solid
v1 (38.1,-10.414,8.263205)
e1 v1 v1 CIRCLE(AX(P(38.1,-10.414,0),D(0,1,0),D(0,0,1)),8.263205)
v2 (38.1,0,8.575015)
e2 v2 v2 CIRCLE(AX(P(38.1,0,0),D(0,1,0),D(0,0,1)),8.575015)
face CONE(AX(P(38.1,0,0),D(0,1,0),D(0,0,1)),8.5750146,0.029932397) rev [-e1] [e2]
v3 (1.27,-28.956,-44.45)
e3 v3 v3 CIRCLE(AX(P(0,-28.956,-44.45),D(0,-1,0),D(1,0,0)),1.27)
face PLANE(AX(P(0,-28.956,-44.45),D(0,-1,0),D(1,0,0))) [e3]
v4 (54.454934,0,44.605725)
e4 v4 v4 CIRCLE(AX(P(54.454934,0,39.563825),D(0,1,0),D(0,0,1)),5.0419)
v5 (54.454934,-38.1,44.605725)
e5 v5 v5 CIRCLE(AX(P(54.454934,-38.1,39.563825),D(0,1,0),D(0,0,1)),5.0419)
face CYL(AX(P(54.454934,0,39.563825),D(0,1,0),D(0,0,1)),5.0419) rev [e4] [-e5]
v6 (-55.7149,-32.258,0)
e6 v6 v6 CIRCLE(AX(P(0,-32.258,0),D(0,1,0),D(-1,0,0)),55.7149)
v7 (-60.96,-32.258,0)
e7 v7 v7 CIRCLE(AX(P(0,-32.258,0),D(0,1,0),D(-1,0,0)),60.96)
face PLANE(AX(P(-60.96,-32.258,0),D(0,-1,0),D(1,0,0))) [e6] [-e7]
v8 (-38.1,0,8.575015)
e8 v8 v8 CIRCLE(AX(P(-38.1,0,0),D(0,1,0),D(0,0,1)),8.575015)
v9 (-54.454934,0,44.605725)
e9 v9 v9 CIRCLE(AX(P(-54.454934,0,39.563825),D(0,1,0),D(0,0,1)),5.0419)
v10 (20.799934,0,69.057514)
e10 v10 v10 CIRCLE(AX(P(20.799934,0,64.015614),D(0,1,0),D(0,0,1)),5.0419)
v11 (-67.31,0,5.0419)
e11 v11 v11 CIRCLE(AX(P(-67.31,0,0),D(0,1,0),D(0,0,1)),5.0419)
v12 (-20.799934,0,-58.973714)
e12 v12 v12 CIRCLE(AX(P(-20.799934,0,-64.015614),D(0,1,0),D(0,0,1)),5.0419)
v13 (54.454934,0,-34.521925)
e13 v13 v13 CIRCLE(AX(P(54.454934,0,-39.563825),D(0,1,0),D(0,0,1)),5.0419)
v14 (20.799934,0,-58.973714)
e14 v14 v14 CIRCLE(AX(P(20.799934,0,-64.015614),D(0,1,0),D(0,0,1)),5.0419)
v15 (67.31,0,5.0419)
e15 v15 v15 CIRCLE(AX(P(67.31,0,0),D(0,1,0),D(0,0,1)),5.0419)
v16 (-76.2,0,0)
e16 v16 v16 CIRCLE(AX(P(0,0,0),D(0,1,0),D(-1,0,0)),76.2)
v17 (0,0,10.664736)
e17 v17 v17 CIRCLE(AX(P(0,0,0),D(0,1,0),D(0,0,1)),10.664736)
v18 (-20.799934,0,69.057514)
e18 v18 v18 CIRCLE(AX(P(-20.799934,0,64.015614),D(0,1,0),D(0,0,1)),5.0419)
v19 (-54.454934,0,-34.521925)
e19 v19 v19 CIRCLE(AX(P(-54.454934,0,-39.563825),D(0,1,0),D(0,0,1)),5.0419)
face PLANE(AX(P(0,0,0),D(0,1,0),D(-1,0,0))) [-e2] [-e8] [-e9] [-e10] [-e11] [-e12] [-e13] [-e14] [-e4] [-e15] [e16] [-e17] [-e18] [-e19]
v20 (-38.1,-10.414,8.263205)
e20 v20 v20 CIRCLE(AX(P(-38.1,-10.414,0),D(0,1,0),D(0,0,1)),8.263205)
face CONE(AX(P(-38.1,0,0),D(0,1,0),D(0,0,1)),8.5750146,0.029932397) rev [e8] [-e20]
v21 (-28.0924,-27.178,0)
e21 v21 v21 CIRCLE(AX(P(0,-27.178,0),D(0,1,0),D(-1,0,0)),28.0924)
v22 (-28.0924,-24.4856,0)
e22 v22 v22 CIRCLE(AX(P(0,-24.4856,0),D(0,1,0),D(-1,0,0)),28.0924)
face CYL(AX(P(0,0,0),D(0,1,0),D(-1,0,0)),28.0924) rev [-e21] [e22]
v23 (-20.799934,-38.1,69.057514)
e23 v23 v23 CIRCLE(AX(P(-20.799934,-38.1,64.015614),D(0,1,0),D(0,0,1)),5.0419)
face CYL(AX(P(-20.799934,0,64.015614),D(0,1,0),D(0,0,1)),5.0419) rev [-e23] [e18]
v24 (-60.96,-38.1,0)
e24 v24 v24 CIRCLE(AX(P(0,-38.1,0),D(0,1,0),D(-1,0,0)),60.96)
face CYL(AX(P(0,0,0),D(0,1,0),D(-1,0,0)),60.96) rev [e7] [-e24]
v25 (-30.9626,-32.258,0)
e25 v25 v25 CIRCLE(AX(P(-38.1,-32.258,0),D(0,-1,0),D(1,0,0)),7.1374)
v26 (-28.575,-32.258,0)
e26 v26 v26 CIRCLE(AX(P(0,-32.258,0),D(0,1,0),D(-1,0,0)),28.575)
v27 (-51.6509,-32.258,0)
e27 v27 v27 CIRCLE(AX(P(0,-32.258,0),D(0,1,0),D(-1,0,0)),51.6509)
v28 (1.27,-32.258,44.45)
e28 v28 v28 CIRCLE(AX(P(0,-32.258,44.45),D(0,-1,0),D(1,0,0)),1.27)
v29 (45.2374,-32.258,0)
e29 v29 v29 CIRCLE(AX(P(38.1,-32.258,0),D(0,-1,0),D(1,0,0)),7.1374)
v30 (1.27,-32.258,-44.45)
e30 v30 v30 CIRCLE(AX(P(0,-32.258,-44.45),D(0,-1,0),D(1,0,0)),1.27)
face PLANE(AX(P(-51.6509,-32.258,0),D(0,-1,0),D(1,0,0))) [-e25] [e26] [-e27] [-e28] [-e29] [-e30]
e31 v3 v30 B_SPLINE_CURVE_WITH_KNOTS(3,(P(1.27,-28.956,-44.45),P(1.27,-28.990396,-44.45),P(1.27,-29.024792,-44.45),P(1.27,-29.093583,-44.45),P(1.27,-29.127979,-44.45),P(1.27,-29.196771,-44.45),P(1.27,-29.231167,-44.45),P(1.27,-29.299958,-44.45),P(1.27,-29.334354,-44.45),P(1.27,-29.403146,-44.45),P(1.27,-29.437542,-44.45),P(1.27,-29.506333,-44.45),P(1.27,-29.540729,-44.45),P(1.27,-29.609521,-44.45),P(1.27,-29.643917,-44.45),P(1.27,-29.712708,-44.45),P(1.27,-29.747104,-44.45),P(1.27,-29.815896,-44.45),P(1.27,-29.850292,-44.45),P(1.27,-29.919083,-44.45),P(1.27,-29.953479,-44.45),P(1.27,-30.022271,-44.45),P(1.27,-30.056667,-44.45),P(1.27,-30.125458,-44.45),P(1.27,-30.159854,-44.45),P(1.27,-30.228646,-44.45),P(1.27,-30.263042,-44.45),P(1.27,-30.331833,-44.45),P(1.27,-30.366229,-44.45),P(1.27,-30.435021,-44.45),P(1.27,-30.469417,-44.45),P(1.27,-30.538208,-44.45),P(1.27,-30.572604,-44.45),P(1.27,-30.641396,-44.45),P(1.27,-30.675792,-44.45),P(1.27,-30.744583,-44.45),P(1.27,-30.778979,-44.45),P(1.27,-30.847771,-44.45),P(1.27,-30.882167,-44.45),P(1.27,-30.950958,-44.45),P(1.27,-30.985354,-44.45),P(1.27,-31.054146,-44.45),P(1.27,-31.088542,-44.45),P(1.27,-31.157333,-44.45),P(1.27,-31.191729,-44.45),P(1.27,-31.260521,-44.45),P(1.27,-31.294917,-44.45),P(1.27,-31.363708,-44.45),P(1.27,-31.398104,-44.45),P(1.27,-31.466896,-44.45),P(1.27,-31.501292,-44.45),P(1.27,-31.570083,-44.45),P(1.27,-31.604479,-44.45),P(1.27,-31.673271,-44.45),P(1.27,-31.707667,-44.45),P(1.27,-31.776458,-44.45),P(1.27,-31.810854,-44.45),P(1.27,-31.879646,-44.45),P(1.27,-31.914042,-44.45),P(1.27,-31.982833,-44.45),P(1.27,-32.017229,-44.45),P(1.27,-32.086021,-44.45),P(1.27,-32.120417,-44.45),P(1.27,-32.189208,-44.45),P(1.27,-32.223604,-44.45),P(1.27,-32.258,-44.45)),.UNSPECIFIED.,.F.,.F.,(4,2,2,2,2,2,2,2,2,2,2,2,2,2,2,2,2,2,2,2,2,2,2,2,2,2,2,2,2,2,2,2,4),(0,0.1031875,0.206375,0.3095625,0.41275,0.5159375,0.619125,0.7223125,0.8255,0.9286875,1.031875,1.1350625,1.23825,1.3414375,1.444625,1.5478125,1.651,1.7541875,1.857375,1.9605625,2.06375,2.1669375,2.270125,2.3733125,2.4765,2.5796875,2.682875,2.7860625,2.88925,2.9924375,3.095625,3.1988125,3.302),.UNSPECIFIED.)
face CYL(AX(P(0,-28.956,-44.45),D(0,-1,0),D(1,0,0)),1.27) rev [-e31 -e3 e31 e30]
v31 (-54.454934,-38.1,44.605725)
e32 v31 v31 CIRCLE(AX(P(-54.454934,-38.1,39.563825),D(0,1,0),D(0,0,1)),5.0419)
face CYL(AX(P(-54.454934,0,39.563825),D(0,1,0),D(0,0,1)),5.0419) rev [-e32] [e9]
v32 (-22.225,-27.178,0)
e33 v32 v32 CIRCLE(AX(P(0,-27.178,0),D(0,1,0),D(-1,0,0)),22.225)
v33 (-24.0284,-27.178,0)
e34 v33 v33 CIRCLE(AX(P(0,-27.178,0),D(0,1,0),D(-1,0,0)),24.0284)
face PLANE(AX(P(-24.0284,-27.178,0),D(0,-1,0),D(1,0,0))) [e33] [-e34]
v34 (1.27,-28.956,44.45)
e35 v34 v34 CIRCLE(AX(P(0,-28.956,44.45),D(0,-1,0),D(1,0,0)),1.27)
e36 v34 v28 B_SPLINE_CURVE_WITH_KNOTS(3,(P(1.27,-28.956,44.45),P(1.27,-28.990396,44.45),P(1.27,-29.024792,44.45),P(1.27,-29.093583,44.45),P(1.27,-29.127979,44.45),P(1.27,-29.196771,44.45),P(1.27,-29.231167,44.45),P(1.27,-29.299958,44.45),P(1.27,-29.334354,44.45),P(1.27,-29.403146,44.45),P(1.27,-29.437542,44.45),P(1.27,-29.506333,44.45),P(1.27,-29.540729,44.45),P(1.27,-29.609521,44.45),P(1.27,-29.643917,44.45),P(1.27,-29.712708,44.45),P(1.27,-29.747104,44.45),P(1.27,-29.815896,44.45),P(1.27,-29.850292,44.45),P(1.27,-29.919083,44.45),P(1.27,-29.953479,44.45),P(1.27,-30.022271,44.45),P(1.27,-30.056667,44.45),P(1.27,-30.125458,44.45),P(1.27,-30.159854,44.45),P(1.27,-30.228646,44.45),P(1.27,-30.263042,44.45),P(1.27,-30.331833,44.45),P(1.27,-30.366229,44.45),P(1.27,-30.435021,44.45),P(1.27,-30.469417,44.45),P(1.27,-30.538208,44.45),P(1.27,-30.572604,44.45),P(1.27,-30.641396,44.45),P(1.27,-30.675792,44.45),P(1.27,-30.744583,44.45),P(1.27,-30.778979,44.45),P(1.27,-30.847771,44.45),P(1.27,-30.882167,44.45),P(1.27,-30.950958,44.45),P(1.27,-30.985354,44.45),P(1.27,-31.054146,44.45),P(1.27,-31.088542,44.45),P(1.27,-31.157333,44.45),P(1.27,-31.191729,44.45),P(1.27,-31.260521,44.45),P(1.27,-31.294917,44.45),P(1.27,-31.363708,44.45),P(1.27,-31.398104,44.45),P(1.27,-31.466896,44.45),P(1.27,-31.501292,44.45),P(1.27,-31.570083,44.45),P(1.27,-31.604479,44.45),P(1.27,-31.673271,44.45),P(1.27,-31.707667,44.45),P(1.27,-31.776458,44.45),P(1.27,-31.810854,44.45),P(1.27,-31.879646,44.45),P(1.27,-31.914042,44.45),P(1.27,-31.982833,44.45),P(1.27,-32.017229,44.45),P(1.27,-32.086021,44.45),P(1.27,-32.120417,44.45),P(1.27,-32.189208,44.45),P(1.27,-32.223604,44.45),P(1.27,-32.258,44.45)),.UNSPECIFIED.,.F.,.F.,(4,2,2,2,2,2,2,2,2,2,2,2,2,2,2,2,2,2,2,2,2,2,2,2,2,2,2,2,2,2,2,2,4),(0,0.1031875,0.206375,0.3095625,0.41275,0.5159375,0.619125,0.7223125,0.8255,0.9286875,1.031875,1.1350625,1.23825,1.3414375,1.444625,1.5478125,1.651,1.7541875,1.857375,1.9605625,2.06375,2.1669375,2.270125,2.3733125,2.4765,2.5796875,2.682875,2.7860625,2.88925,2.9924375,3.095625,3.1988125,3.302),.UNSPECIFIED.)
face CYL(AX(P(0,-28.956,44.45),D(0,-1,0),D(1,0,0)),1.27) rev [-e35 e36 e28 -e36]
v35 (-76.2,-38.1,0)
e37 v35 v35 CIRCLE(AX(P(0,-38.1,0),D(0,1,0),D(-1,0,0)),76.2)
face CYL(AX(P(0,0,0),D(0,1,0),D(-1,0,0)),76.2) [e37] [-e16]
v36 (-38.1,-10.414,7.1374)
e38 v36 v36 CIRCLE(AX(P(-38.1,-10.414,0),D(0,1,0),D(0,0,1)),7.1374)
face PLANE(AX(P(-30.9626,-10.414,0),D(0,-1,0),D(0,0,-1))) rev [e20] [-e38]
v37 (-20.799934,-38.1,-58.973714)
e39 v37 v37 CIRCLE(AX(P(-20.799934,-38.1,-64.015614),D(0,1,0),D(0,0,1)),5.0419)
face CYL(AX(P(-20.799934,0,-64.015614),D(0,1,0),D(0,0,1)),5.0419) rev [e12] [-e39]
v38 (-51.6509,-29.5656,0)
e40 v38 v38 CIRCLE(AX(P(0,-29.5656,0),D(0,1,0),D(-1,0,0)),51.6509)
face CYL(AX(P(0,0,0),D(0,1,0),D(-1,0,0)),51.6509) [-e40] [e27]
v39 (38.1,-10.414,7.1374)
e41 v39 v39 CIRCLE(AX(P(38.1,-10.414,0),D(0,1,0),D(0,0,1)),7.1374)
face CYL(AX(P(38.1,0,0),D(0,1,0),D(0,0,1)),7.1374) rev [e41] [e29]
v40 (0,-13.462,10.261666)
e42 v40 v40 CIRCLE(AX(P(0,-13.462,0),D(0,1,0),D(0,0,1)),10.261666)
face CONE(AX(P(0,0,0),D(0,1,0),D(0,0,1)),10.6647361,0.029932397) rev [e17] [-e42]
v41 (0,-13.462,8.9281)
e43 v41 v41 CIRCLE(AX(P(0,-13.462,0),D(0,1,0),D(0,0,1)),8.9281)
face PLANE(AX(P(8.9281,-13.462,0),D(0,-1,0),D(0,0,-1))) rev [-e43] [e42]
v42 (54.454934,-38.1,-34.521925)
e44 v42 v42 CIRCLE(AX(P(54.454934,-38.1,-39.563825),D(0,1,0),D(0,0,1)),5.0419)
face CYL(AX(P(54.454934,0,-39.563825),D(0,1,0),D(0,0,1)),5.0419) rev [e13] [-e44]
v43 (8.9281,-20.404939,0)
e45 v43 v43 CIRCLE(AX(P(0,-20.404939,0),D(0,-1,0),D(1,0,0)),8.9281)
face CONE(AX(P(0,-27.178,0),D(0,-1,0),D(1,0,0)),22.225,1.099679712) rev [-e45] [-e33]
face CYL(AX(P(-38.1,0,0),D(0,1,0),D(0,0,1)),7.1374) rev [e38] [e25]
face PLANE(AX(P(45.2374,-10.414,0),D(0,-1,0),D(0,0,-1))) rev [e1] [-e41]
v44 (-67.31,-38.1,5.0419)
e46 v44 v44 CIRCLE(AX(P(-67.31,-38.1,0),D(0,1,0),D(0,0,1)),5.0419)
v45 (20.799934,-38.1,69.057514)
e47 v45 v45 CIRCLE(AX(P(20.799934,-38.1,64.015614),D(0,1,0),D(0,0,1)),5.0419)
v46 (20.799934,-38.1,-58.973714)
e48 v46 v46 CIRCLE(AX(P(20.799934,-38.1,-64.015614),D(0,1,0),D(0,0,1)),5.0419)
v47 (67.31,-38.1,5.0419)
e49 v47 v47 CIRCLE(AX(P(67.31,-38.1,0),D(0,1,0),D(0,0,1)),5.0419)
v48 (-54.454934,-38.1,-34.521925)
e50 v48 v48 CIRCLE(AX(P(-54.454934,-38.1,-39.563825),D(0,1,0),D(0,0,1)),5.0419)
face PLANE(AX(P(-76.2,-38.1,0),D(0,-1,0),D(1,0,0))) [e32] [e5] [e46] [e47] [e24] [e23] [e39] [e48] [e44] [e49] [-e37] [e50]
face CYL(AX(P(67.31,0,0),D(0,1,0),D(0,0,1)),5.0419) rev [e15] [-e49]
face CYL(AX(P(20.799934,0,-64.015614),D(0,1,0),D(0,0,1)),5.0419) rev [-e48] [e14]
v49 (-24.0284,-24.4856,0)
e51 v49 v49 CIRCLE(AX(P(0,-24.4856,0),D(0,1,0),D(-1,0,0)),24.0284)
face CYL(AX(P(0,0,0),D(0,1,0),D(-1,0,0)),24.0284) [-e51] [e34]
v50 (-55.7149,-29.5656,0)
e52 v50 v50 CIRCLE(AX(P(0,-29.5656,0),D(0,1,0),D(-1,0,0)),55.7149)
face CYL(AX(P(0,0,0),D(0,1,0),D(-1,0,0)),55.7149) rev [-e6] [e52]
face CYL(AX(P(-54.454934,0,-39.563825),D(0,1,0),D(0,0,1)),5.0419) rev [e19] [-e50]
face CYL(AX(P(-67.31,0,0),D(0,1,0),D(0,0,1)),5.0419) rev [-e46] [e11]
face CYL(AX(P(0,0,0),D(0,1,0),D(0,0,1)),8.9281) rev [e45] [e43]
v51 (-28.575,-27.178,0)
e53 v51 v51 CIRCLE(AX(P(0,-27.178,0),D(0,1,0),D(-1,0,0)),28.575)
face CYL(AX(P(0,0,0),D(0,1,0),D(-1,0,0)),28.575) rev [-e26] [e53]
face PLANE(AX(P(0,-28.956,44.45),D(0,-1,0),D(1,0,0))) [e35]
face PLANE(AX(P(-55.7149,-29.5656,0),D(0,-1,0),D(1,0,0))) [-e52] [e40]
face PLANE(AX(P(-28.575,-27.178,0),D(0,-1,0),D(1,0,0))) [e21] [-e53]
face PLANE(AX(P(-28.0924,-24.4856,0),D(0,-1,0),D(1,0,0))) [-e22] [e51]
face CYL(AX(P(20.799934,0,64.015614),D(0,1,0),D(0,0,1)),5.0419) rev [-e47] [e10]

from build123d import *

# Parameters (mm, degrees)
F_3_8_NPT_TAPPED_HOLE1_AT_2_COUNT = 2
F_3_8_NPT_TAPPED_HOLE1_AT_2_PITCH = 76.2
F_3_8_CLEARANCE_HOLE2_D           = 10.0838
CIRPATTERN1_COUNT                 = 10
SKETCH18_R                        = 1.27
CUT_EXTRUDE2_DEPTH                = 3.302


with BuildPart() as part:
    # Sketch1 → Revolve1 (revolve)
    with BuildSketch(Plane.XY):
        Polygon((0, 0), (-76.2, 0), (-76.2, -38.1), (-60.96, -38.1), (-60.96, -32.258), (-55.7149, -32.258), (-55.7149, -29.5656), (-51.6509, -29.5656), (-51.6509, -32.258), (-28.575, -32.258), (-28.575, -27.178), (-28.0924, -27.178), (-28.0924, -24.4856), (-24.0284, -24.4856), (-24.0284, -27.178), (-22.225, -27.178), (0, -15.85722), align=None)
    revolve(axis=Axis((0, 0, 0), (0, -1, 0)))

    # Sketch3 → 1/2 NPT Tapped Hole1 (revolve, cut)
    with BuildSketch(Plane(origin=(0, 0, 0), x_dir=(0, 0, 1), z_dir=(1, 0, 0))):
        Polygon((0, 0), (0, 38.1), (8.9281, 38.1), (8.9281, 13.462), (10.261665792, 13.462), (10.6647361, 0), align=None)
    revolve(axis=Axis((0, 6.35, 0), (0, -1, 0)), mode=Mode.SUBTRACT)

    # Sketch5 → 3/8 NPT Tapped Hole1 (revolve, cut)
    with BuildSketch(Plane(origin=(-38.1, 0, 0), x_dir=(0, 0, 1), z_dir=(1, 0, 0))):
        Polygon((0, 0), (0, 38.1), (7.1374, 38.1), (7.1374, 10.414), (8.263205494, 10.414), (8.5750146, 0), align=None)
    f_3_8_npt_tapped_hole1 = revolve(axis=Axis((-38.1, 6.35, 0), (0, -1, 0)), mode=Mode.SUBTRACT)

    # 3/8 NPT Tapped Hole1 at 2: 3/8 NPT Tapped Hole1 ×2
    with Locations(*[(i * F_3_8_NPT_TAPPED_HOLE1_AT_2_PITCH, 0, 0) for i in range(1, F_3_8_NPT_TAPPED_HOLE1_AT_2_COUNT)]):
        add(f_3_8_npt_tapped_hole1, mode=Mode.SUBTRACT)

    # 3/8 Clearance Hole2 (through all)
    with Locations(Plane(origin=(67.31, 0, 0), x_dir=(1, 0, 0), z_dir=(0, 1, 0))):
        with Locations((0, 0)):
            f_3_8_clearance_hole2 = Hole(F_3_8_CLEARANCE_HOLE2_D / 2)

    # CirPattern1: 3/8 Clearance Hole2 ×10 about axis
    cirpattern1_axis = Axis((0, 0, 0), (0, 1, 0))
    for i in range(1, CIRPATTERN1_COUNT):
        add(f_3_8_clearance_hole2.rotate(cirpattern1_axis, i * 360 / CIRPATTERN1_COUNT), mode=Mode.SUBTRACT)

    # Sketch18 → Cut-Extrude2 (cut)
    with BuildSketch(Plane.XZ.offset(32.258)):
        with Locations((0, 44.45)):
            Circle(SKETCH18_R)
        with Locations((0, -44.45)):
            Circle(SKETCH18_R)
    extrude(amount=-CUT_EXTRUDE2_DEPTH, mode=Mode.SUBTRACT)


solid = part.part
